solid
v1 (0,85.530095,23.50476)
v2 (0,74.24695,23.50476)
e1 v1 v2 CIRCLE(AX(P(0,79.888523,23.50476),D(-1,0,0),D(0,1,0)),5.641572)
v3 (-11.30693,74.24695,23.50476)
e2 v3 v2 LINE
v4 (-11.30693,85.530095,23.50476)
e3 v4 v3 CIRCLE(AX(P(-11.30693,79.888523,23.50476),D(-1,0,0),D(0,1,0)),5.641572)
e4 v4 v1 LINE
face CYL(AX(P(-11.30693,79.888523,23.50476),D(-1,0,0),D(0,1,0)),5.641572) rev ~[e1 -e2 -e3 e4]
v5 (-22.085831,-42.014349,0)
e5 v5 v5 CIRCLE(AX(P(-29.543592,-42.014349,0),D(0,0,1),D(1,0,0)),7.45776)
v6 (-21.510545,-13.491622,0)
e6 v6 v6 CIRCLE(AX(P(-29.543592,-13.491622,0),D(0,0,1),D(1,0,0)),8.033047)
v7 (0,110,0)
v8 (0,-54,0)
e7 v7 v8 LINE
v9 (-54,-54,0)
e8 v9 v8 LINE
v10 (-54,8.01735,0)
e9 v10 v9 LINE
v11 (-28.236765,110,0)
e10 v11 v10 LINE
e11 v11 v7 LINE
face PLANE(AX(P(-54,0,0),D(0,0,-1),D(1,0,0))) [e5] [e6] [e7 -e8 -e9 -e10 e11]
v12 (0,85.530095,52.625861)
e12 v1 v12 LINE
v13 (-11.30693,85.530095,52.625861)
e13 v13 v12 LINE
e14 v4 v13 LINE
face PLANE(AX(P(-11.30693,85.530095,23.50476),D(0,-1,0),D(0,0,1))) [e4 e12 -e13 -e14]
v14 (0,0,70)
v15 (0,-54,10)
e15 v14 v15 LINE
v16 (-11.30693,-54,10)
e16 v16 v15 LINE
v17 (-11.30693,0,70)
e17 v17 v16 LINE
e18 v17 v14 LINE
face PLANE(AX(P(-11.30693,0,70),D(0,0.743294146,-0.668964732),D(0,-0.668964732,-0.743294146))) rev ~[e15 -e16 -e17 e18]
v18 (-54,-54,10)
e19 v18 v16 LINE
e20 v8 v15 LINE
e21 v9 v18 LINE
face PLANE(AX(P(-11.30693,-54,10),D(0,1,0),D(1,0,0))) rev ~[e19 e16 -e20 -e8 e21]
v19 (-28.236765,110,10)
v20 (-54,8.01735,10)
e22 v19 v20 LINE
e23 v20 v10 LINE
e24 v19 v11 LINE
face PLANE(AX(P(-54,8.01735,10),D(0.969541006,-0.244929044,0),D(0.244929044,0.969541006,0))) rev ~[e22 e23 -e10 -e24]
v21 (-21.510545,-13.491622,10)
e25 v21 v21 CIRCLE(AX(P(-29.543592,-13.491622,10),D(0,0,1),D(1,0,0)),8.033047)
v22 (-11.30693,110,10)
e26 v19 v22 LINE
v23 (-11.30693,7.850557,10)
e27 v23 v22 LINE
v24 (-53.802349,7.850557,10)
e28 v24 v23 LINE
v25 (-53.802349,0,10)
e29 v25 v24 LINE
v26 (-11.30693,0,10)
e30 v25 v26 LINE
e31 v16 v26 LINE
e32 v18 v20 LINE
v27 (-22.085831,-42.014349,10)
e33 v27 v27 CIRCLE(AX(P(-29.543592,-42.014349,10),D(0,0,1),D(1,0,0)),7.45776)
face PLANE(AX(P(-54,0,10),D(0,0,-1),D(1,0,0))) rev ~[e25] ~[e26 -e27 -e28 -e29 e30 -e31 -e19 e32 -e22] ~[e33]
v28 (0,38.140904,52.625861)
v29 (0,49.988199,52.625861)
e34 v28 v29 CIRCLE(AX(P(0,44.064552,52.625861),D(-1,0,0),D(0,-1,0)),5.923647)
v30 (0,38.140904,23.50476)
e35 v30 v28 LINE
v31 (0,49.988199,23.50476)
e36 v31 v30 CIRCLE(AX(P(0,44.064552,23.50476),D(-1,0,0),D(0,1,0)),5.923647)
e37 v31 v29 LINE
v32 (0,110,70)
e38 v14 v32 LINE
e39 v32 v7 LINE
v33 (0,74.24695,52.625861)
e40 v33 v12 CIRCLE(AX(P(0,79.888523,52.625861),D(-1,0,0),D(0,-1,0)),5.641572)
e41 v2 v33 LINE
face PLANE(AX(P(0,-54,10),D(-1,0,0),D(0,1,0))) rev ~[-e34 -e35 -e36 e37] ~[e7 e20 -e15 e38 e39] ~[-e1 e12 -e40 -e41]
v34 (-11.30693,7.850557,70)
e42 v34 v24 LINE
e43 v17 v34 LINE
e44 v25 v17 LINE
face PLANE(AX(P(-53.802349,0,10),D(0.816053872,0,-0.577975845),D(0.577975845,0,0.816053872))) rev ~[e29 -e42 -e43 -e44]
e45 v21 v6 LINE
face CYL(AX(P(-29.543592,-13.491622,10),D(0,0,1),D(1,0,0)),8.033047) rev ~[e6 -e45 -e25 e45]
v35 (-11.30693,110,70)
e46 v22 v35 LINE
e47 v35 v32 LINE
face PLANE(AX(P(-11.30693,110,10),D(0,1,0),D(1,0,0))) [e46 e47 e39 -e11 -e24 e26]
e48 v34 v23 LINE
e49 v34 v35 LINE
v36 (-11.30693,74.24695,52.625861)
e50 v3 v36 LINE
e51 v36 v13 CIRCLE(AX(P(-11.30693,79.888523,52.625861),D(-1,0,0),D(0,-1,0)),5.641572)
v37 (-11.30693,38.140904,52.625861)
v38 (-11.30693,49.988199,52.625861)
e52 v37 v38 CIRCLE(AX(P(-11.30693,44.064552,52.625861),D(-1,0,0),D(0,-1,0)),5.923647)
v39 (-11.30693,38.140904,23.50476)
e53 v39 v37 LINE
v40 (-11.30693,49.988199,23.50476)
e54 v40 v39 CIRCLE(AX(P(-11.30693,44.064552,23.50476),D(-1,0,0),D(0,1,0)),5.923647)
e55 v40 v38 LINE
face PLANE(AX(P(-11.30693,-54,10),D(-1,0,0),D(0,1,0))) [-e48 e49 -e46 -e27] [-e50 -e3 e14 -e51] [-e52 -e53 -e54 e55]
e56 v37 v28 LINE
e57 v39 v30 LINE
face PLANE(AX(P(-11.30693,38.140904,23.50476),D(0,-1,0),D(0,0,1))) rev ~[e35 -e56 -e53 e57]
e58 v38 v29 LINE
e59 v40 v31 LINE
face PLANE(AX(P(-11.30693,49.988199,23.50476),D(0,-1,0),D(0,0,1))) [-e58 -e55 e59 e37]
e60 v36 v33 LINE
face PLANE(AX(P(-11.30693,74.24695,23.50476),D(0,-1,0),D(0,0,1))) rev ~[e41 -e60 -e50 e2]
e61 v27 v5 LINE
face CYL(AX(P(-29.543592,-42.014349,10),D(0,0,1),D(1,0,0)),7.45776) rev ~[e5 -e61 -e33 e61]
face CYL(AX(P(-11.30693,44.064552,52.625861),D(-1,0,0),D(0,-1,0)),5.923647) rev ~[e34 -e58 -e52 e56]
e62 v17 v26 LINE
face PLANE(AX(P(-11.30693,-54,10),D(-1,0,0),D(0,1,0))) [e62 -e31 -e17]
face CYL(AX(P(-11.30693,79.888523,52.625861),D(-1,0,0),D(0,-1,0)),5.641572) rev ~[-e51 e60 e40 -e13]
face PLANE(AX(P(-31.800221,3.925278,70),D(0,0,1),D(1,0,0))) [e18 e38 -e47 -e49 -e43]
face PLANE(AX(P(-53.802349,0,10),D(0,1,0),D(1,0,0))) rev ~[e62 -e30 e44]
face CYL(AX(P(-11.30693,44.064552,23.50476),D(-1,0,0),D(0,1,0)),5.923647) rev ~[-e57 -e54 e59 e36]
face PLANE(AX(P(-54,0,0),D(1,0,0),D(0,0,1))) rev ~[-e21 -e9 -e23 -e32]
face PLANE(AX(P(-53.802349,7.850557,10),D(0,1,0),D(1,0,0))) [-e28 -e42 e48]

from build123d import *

# Parameters (mm, degrees)
F0_W      = 54
F0_H      = 54
F1_DEPTH  = 10
F2_DEPTH  = 110
F3_W      = 11.3069303334
F3_H      = 164
F4_DEPTH  = 60
F6_DEPTH  = 25
F8_W      = 44.0042559057
F8_H      = 7.8505566344
F9_DEPTH  = 60
F11_DEPTH = 25
F12_R     = 8.0330469699
F12_R_2   = 7.4577604213
F13_DEPTH = 25
F14_W     = 11.2831443548
F14_H     = 29.1211009026
F14_W_2   = 11.847294867
F15_DEPTH = 25
F17_DEPTH = 25


with BuildPart() as f1:
    # F0 (on Top) → F1 (new body)
    with BuildSketch(Plane.XY):
        with Locations((-27, -27)):
            Rectangle(F0_W, F0_H)
    extrude(amount=F1_DEPTH)

    # F2 (add): a face of the model
    f2_faces = [f1.faces().sort_by_distance(p)[0] for p in [
        (-27, 0, 5),
    ]]
    extrude(f2_faces, amount=F2_DEPTH)

    # F3 (on face) → F4 (join)
    with BuildSketch(Plane.XY.offset(10)):
        with Locations((-5.6534651667, 28)):
            Rectangle(F3_W, F3_H)
    extrude(amount=F4_DEPTH)

    # F5 (on face) → F6 (cut)
    with BuildSketch(Plane(origin=(-11.3069303334, 0, 0), x_dir=(0, -1, 0), z_dir=(-1, 0, 0))):
        Polygon((54, 70), (0, 70), (54, 10), align=None)
    extrude(amount=-F6_DEPTH, mode=Mode.SUBTRACT)

    # F8 (on face) → F9 (join)
    with BuildSketch(Plane.XY.offset(10)):
        with Locations((-31.8002207205, 3.9252783172)):
            Rectangle(F8_W, F8_H)
    extrude(amount=F9_DEPTH)

    # F10 (on face) → F11 (cut)
    with BuildSketch(Plane.XZ):
        Polygon((-53.8023486733, 10), (-11.3069303334, 70), (-53.8023486733, 70), align=None)
    extrude(amount=-F11_DEPTH, mode=Mode.SUBTRACT)

    # F12 (on face) → F13 (cut)
    with BuildSketch(Plane.XY.offset(10)):
        with Locations((-29.5435916632, -13.4916221723)):
            Circle(F12_R)
        with Locations((-29.5435916632, -42.014349252)):
            Circle(F12_R_2)
    extrude(amount=-F13_DEPTH, mode=Mode.SUBTRACT)

    # F14 (on face) → F15 (cut)
    with BuildSketch(Plane(origin=(-11.3069303334, 0, 0), x_dir=(0, -1, 0), z_dir=(-1, 0, 0))):
        with BuildLine():
            ThreePointArc((-74.2469504476, 52.6258610189), (-79.888522625, 58.2674331963), (-85.5300948024, 52.6258610189))
            Line((-85.5300948024, 52.6258610189), (-74.2469504476, 52.6258610189))
        make_face()
        with Locations((-79.888522625, 38.0653105676)):
            Rectangle(F14_W, F14_H)
        with BuildLine():
            Line((-74.2469504476, 23.5047601163), (-85.5300948024, 23.5047601163))
            ThreePointArc((-85.5300948024, 23.5047601163), (-79.888522625, 17.8631879389), (-74.2469504476, 23.5047601163))
        make_face()
        with BuildLine():
            ThreePointArc((-38.1409041584, 52.6258610189), (-44.0645515919, 58.5495084524), (-49.9881990254, 52.6258610189))
            Line((-49.9881990254, 52.6258610189), (-38.1409041584, 52.6258610189))
        make_face()
        with Locations((-44.0645515919, 38.0653105676)):
            Rectangle(F14_W_2, F14_H)
        with BuildLine():
            Line((-38.1409041584, 23.5047601163), (-49.9881990254, 23.5047601163))
            ThreePointArc((-49.9881990254, 23.5047601163), (-44.0645515919, 17.5811126828), (-38.1409041584, 23.5047601163))
        make_face()
    extrude(amount=-F15_DEPTH, mode=Mode.SUBTRACT)

    # F16 (on face) → F17 (cut)
    with BuildSketch(Plane.XY.offset(10)):
        Polygon((-54, 8.017349681), (-28.2367646881, 110), (-54, 110), align=None)
    extrude(amount=-F17_DEPTH, mode=Mode.SUBTRACT)


solid = f1.part
